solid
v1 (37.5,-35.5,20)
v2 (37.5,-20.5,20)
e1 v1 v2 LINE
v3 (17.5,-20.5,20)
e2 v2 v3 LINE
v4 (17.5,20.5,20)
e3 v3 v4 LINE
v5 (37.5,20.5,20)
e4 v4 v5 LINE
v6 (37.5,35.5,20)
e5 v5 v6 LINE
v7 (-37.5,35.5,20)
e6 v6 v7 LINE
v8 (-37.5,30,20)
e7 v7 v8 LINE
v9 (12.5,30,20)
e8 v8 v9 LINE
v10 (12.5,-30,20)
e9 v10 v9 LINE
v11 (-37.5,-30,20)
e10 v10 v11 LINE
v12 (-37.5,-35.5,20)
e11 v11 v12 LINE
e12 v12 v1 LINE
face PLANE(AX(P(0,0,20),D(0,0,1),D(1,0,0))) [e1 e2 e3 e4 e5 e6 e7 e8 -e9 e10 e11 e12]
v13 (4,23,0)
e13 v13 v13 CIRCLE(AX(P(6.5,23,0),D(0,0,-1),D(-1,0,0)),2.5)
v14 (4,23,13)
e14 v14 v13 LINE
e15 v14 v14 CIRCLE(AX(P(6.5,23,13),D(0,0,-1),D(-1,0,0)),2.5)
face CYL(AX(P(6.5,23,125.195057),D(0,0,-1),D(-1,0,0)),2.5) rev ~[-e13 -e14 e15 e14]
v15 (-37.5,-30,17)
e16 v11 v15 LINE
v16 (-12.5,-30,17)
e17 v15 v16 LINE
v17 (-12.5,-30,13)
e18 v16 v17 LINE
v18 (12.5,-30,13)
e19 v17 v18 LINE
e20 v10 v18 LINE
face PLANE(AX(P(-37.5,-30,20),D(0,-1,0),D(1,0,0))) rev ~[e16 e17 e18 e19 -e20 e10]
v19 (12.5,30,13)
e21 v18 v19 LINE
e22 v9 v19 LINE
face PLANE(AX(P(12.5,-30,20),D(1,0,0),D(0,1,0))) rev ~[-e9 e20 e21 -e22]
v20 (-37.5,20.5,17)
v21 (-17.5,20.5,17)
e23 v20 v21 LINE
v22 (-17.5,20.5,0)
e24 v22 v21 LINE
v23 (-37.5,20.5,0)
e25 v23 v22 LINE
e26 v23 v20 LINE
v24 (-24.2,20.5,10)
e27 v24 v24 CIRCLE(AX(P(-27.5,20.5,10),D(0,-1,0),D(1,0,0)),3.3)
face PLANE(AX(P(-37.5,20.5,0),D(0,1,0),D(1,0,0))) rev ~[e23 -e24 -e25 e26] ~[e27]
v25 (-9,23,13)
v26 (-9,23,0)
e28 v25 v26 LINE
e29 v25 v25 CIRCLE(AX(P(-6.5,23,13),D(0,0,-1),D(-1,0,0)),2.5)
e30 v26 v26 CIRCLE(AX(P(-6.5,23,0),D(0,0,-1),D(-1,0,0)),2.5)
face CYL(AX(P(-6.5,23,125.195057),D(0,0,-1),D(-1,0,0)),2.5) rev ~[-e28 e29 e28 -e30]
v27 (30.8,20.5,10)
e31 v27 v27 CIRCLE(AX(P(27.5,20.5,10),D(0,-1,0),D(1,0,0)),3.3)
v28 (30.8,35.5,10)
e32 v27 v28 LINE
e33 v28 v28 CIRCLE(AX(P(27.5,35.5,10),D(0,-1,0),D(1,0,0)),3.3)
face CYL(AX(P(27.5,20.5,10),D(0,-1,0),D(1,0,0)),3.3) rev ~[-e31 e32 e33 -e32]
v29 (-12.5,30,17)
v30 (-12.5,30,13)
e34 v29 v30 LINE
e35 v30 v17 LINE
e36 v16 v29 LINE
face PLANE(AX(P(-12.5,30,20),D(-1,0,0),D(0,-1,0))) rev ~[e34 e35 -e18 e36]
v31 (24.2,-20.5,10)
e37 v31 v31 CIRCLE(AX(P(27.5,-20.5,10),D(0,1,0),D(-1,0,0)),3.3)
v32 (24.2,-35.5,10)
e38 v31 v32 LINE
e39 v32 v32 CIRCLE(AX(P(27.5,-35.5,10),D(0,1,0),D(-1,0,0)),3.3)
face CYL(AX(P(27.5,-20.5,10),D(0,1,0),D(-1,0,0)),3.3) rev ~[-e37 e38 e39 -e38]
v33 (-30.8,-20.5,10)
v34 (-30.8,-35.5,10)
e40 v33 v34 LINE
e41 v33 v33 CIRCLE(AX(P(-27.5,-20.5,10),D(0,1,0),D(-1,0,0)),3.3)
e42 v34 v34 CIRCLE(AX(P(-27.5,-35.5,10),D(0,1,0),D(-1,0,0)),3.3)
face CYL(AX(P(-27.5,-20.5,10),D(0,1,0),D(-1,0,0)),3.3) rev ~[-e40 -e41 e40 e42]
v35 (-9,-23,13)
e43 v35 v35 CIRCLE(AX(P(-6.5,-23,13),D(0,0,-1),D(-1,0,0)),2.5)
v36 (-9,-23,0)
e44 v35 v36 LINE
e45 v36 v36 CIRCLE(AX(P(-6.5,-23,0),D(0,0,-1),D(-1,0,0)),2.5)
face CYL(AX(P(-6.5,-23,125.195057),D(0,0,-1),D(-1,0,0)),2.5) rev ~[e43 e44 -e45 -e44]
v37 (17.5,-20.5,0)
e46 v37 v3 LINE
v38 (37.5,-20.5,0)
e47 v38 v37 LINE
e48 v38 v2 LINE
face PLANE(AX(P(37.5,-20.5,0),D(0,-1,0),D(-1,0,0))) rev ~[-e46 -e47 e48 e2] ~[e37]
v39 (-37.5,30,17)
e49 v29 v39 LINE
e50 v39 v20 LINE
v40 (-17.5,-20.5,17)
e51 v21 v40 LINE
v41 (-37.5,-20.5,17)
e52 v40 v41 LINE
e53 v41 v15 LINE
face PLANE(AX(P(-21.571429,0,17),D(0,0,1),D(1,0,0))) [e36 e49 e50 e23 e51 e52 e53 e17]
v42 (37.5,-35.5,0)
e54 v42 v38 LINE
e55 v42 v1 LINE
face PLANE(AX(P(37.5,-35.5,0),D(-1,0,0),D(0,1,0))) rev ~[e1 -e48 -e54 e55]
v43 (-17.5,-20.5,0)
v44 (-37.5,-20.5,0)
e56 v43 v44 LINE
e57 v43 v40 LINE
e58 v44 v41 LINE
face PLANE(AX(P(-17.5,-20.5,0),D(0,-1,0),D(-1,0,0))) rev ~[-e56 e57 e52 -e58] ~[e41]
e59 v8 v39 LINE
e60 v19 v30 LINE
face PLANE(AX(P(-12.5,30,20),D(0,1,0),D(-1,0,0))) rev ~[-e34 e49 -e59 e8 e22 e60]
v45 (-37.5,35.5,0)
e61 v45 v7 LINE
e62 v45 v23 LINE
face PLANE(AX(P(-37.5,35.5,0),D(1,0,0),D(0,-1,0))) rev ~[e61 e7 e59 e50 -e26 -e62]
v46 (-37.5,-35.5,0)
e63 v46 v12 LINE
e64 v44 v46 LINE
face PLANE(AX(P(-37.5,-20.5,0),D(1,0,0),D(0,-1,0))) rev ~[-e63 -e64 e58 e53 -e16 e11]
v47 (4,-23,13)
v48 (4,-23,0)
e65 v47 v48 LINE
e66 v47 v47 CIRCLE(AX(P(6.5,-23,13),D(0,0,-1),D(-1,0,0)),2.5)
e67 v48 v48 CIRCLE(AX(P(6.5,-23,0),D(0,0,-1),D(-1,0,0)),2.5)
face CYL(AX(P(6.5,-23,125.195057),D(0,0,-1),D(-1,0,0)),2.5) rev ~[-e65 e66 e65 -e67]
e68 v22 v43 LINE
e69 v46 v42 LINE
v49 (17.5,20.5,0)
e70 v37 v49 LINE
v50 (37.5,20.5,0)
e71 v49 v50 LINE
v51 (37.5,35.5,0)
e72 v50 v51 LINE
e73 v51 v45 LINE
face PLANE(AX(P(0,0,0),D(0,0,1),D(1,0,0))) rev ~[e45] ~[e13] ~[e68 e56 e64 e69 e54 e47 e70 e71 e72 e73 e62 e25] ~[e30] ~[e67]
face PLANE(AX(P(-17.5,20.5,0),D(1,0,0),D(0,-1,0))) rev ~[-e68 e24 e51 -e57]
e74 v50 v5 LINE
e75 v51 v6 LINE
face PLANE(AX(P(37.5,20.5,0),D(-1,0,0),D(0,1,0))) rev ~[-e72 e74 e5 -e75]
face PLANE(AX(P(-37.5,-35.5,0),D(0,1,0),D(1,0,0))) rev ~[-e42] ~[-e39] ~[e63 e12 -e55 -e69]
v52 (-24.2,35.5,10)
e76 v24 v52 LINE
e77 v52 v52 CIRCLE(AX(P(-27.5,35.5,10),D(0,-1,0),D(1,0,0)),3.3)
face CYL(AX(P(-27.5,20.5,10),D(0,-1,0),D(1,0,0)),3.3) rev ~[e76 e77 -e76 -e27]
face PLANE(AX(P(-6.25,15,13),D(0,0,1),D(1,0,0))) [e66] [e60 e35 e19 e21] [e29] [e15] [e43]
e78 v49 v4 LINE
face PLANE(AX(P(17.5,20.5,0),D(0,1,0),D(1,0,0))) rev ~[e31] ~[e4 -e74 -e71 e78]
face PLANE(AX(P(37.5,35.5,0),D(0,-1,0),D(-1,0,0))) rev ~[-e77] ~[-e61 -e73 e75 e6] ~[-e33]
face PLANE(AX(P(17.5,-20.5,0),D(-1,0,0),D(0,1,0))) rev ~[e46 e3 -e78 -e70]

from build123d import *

# Parameters (mm, degrees)
F1_DEPTH       = 20
F2_W           = 12.5
F2_H           = 30
F3_DEPTH       = 7
F4_DEPTH       = 3
F7_D           = 6.6
F7_DEPTH       = 15.001
F7_ON_F5_D     = 6.6
F7_ON_F5_DEPTH = 15.001
F9_D           = 5


with BuildPart() as f1:
    # F0 (on Top) → F1 (new body)
    with BuildSketch(Plane.XY):
        Polygon((37.5, 35.5), (-37.5, 35.5), (-37.5, 20.5), (-17.5, 20.5), (-17.5, 0), (-17.5, -20.5), (-37.5, -20.5), (-37.5, -35.5), (37.5, -35.5), (37.5, -20.5), (17.5, -20.5), (17.5, 0), (17.5, 20.5), (37.5, 20.5), align=None)
    extrude(amount=F1_DEPTH)

    # F2 (on face) → F3 (cut)
    with BuildSketch(Plane.XY.offset(20)):
        with Locations((-6.25, 15)):
            Rectangle(F2_W, F2_H)
        Polygon((0, 30), (0, 0), (-12.5, 0), (-12.5, -30), (0, -30), (12.5, -30), (12.5, 0), (12.5, 30), align=None)
    extrude(amount=-F3_DEPTH, mode=Mode.SUBTRACT)

    # F2 (on face) → F4 (cut)
    with BuildSketch(Plane.XY.offset(20)):
        Polygon((-12.5, -30), (-12.5, 0), (-12.5, 30), (-37.5, 30), (-37.5, 20.5), (-17.5, 20.5), (-17.5, -20.5), (-37.5, -20.5), (-37.5, -30), align=None)
    extrude(amount=-F4_DEPTH, mode=Mode.SUBTRACT)

    # F7 (through all, one way)
    with BuildSketch(Plane(origin=(0, -20.5, 0), x_dir=(-1, 0, 0), z_dir=(0, 1, 0))):
        with Locations((27.5, 10), (-27.5, 10)):
            Circle(F7_D / 2)
    extrude(amount=-F7_DEPTH, mode=Mode.SUBTRACT)

    # F7 on F5 (through all, one way)
    with BuildSketch(Plane.XZ.offset(-20.5)):
        with Locations((-27.5, 10), (27.5, 10)):
            Circle(F7_ON_F5_D / 2)
    extrude(amount=-F7_ON_F5_DEPTH, mode=Mode.SUBTRACT)

    # F9 (through all)
    with Locations(Plane.XY.offset(20)):
        with Locations((-6.5, 23), (6.5, 23), (6.5, -23), (-6.5, -23)):
            Hole(F9_D / 2)


solid = f1.part
